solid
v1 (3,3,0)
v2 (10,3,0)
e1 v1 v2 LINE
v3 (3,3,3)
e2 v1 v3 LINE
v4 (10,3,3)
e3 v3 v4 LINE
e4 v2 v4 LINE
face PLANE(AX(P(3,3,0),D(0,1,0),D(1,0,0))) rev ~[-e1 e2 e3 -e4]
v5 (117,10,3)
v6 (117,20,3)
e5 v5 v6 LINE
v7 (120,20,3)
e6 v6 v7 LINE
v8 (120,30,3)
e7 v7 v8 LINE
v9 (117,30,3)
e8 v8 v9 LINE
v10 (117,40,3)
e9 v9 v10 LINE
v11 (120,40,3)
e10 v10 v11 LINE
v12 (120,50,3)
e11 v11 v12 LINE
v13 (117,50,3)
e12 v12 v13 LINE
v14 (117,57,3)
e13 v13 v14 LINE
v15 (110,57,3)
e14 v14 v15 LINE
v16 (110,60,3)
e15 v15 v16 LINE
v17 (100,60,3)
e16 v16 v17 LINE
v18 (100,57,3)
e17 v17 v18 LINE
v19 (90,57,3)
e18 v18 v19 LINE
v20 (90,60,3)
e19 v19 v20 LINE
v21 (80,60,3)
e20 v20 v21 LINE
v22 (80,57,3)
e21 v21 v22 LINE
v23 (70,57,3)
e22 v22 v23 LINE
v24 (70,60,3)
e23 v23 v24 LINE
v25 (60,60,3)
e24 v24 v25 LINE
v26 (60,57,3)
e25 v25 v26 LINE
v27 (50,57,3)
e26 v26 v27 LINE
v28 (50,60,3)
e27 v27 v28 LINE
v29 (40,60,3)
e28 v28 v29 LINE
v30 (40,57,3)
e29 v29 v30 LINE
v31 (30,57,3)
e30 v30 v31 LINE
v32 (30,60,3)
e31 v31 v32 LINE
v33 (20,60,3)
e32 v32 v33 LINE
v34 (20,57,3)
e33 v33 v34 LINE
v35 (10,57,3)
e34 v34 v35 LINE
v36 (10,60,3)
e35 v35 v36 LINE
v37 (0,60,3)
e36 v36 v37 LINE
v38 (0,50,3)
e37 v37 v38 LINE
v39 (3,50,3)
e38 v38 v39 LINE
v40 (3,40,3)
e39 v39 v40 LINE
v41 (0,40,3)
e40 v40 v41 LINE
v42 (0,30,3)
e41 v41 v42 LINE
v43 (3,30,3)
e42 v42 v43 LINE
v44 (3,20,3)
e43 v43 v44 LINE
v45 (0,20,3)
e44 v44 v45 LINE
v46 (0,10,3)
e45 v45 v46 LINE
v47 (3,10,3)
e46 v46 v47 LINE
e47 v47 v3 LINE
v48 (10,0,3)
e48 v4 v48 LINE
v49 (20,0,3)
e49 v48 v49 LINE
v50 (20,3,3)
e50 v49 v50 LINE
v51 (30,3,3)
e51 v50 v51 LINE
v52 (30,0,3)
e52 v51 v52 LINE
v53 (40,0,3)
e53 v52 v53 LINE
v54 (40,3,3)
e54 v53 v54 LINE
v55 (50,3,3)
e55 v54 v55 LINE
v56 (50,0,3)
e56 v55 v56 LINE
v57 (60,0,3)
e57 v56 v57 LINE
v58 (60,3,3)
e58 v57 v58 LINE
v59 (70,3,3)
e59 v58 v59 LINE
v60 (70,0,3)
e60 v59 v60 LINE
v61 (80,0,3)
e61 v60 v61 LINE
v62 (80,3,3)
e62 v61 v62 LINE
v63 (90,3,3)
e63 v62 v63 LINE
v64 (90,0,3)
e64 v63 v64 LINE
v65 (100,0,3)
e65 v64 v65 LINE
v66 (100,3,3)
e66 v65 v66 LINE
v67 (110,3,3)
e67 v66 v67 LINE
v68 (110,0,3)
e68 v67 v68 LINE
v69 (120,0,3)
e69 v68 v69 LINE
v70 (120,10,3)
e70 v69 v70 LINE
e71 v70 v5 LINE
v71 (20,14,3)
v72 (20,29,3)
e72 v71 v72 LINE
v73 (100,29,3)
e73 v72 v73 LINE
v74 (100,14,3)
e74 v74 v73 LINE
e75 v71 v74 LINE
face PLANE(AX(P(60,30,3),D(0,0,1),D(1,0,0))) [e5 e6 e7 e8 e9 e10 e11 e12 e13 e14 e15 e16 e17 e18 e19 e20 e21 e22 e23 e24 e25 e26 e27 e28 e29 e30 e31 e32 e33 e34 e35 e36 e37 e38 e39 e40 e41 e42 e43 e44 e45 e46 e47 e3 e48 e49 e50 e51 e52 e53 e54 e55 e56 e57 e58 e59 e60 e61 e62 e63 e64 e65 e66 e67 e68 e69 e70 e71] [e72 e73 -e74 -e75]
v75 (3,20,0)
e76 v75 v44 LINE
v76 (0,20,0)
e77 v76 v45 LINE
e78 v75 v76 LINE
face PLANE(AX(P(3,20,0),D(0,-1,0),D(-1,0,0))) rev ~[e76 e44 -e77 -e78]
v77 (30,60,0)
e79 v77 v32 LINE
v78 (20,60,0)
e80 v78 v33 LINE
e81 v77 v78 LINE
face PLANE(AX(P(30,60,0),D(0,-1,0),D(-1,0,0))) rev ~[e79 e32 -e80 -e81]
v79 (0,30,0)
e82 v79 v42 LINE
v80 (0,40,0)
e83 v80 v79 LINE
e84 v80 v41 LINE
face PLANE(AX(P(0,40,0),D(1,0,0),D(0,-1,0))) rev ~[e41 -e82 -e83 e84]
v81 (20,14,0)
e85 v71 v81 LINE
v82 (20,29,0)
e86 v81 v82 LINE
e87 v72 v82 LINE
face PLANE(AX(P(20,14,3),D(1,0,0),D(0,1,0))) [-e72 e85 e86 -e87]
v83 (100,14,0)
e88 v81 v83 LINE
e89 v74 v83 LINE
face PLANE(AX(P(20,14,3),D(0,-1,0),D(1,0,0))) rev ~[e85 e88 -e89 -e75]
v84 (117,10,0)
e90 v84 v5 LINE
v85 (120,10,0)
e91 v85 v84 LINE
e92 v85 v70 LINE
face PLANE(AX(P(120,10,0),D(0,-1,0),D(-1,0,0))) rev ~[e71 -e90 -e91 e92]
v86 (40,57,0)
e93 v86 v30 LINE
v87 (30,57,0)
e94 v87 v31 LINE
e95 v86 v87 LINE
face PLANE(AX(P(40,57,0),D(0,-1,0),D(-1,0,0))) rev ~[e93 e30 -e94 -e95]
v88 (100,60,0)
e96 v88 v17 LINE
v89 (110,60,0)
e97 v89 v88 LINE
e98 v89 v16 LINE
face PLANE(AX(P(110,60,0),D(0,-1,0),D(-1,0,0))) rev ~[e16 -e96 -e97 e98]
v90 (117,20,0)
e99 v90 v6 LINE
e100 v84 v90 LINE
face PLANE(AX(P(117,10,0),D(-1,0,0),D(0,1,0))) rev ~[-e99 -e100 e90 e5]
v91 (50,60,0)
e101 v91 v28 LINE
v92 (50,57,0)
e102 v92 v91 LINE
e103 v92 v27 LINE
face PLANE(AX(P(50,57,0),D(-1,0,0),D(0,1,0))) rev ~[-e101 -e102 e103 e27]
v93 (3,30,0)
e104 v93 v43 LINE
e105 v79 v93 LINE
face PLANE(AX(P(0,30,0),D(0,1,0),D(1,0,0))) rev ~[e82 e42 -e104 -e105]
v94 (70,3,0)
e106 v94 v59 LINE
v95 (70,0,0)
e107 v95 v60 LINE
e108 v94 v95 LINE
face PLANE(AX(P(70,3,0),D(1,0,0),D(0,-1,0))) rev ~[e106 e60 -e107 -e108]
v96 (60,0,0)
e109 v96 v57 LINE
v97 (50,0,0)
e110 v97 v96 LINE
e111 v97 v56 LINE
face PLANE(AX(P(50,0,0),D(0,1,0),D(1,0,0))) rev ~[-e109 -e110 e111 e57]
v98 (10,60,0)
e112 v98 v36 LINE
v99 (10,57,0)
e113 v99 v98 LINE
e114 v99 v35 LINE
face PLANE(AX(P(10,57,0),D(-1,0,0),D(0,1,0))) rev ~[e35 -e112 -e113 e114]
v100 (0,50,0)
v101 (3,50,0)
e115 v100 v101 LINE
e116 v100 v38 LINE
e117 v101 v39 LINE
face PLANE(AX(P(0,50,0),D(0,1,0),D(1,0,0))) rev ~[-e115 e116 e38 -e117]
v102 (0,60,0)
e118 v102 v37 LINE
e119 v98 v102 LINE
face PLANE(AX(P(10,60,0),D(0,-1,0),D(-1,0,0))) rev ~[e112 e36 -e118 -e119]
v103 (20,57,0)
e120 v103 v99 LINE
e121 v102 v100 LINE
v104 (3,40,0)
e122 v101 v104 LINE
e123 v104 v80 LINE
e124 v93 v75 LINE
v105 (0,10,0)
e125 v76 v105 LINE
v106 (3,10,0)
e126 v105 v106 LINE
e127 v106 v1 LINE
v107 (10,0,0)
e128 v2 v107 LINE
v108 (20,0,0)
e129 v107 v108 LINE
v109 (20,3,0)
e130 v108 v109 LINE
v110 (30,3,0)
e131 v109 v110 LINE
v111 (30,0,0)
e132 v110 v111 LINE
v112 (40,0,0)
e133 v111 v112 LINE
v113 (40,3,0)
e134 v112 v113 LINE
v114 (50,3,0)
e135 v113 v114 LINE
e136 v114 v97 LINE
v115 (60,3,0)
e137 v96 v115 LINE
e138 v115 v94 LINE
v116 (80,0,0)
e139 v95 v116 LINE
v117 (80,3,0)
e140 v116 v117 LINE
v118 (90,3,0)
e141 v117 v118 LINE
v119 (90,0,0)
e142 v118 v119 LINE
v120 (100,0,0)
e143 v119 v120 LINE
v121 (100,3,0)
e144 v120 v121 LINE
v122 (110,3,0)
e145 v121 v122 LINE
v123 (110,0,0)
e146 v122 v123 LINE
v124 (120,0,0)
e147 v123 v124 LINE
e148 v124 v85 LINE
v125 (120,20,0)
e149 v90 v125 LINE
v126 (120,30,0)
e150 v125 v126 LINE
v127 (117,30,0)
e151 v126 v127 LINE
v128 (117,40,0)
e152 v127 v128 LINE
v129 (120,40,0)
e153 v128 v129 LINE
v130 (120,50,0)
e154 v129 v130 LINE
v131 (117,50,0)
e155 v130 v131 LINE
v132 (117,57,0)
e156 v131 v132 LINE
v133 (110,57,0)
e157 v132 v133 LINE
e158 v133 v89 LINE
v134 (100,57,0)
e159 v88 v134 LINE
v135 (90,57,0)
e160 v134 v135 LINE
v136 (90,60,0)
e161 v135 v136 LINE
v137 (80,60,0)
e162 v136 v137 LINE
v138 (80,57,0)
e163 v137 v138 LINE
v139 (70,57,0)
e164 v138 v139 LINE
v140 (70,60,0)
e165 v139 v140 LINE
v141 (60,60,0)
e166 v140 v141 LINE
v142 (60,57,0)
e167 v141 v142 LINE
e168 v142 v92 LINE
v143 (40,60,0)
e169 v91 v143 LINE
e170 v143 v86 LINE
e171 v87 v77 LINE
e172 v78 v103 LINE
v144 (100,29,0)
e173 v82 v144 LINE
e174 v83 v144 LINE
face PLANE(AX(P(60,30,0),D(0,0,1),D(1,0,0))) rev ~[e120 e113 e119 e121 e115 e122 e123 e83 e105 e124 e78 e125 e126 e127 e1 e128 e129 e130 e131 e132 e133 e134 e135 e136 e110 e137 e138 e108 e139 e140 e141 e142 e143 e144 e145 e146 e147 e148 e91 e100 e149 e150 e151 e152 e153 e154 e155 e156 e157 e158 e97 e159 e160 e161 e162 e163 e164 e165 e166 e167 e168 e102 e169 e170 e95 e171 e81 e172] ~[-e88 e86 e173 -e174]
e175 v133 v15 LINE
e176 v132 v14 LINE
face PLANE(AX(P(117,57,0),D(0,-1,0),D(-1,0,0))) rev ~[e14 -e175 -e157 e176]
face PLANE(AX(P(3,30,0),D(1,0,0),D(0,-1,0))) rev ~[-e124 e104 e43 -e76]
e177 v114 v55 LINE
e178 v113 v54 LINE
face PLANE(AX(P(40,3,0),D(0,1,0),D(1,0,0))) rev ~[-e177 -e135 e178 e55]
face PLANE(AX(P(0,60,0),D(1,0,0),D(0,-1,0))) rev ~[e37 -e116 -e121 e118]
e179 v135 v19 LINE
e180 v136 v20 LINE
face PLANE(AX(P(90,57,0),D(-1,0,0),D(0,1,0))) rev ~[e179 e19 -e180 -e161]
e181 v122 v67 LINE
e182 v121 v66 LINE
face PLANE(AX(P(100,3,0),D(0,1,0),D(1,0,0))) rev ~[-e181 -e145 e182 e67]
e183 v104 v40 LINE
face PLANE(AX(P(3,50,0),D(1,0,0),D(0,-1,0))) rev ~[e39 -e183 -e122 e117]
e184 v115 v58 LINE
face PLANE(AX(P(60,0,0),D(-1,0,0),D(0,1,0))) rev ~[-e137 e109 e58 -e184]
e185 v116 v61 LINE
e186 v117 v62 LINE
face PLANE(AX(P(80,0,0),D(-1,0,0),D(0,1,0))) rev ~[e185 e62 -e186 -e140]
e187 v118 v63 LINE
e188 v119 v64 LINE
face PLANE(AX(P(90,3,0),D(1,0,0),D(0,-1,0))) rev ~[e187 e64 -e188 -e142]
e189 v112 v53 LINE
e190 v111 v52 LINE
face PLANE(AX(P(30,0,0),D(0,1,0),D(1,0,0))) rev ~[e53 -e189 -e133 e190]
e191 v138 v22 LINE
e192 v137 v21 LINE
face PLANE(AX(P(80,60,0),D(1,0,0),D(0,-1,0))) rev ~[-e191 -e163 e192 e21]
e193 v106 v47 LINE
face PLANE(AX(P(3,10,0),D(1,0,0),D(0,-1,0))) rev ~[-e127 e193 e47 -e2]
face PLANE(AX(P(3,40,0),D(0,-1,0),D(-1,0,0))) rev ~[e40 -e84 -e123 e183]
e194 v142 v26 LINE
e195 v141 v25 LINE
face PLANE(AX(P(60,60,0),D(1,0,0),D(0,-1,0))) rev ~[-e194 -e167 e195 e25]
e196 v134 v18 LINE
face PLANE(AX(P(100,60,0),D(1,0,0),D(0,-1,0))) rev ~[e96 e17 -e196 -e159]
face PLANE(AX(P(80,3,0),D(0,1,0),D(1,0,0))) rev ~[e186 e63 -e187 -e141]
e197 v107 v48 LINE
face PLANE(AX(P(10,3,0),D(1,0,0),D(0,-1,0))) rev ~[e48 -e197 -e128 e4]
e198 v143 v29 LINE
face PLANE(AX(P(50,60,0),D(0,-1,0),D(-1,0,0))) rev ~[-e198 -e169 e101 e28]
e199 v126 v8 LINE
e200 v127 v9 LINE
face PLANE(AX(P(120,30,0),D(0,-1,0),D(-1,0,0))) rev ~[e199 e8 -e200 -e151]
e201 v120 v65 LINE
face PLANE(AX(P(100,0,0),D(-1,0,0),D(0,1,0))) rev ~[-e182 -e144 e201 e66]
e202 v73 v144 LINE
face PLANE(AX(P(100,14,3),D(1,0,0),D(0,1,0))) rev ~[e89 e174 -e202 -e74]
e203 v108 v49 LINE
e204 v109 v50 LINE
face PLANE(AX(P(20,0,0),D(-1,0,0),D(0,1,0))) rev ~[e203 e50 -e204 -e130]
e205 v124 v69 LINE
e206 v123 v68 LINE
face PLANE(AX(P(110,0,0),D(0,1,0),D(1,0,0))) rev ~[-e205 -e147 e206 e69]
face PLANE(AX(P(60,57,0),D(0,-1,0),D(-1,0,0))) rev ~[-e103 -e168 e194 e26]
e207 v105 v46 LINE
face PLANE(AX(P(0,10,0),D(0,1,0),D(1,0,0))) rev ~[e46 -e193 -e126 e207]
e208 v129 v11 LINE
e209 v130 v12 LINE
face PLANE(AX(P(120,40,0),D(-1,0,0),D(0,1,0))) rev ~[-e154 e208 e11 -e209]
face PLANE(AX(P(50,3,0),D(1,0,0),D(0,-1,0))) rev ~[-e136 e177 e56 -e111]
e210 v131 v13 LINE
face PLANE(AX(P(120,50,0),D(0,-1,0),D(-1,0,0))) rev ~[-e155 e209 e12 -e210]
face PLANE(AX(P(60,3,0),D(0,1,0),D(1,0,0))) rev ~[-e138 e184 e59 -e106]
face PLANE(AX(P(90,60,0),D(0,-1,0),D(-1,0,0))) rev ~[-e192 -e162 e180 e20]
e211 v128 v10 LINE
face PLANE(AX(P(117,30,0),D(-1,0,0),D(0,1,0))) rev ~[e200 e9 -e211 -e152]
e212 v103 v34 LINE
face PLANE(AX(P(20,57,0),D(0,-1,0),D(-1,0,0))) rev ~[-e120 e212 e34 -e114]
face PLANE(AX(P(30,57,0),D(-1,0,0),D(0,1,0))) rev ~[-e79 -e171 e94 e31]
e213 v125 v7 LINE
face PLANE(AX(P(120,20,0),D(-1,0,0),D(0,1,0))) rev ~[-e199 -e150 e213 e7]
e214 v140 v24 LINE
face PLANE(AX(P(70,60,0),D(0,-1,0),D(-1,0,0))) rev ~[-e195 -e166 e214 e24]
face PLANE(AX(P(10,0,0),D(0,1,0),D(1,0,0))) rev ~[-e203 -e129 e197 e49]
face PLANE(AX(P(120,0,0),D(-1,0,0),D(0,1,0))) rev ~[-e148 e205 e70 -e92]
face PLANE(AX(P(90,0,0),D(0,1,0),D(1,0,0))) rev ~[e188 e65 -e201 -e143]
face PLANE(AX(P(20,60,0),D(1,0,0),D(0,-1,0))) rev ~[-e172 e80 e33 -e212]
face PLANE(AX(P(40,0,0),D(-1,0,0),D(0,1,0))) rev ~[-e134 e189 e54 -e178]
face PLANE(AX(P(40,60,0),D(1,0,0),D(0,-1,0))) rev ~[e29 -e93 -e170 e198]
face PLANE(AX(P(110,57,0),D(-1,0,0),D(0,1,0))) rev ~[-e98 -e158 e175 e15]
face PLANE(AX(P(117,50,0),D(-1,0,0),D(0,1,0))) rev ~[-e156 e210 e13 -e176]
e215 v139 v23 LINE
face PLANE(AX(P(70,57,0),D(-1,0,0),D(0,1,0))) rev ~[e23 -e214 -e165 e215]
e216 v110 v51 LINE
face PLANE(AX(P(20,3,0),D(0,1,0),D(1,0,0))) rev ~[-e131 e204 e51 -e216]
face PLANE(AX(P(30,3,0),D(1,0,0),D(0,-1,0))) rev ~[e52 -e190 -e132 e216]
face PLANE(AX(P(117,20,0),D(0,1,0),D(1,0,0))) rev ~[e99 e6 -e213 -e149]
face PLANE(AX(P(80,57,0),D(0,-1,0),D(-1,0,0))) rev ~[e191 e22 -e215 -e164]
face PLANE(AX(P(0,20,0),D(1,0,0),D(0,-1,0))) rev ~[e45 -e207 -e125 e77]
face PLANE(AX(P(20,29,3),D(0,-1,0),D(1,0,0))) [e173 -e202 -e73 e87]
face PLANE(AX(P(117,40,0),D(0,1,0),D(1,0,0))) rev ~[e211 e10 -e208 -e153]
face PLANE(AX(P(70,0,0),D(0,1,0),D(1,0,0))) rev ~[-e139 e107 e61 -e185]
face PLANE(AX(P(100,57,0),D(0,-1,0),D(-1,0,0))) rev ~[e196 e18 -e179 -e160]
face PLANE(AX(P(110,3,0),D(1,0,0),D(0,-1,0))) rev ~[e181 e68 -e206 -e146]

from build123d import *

# Parameters (mm, degrees)
BOSS_EXTRUDE1_DEPTH = 3
SKETCH2_W           = 80
SKETCH2_H           = 15
CUT_EXTRUDE1_DEPTH  = 10


with BuildPart() as part:
    # Sketch1 → Boss-Extrude1 (new body)
    with BuildSketch(Plane.XY):
        Polygon((120, 0), (120, 10), (117, 10), (117, 20), (120, 20), (120, 30), (117, 30), (117, 40), (120, 40), (120, 50), (117, 50), (117, 57), (110, 57), (110, 60), (100, 60), (100, 57), (90, 57), (90, 60), (80, 60), (80, 57), (70, 57), (70, 60), (60, 60), (60, 57), (50, 57), (50, 60), (40, 60), (40, 57), (30, 57), (30, 60), (20, 60), (20, 57), (10, 57), (10, 60), (0, 60), (0, 50), (3, 50), (3, 40), (0, 40), (0, 30), (3, 30), (3, 20), (0, 20), (0, 10), (3, 10), (3, 3), (10, 3), (10, 0), (20, 0), (20, 3), (30, 3), (30, 0), (40, 0), (40, 3), (50, 3), (50, 0), (60, 0), (60, 3), (70, 3), (70, 0), (80, 0), (80, 3), (90, 3), (90, 0), (100, 0), (100, 3), (110, 3), (110, 0), align=None)
    extrude(amount=BOSS_EXTRUDE1_DEPTH)

    # Sketch2 → Cut-Extrude1 (cut)
    with BuildSketch(Plane.XY.offset(3)):
        with Locations((60, 21.5)):
            Rectangle(SKETCH2_W, SKETCH2_H)
    extrude(amount=-CUT_EXTRUDE1_DEPTH, mode=Mode.SUBTRACT)


solid = part.part
